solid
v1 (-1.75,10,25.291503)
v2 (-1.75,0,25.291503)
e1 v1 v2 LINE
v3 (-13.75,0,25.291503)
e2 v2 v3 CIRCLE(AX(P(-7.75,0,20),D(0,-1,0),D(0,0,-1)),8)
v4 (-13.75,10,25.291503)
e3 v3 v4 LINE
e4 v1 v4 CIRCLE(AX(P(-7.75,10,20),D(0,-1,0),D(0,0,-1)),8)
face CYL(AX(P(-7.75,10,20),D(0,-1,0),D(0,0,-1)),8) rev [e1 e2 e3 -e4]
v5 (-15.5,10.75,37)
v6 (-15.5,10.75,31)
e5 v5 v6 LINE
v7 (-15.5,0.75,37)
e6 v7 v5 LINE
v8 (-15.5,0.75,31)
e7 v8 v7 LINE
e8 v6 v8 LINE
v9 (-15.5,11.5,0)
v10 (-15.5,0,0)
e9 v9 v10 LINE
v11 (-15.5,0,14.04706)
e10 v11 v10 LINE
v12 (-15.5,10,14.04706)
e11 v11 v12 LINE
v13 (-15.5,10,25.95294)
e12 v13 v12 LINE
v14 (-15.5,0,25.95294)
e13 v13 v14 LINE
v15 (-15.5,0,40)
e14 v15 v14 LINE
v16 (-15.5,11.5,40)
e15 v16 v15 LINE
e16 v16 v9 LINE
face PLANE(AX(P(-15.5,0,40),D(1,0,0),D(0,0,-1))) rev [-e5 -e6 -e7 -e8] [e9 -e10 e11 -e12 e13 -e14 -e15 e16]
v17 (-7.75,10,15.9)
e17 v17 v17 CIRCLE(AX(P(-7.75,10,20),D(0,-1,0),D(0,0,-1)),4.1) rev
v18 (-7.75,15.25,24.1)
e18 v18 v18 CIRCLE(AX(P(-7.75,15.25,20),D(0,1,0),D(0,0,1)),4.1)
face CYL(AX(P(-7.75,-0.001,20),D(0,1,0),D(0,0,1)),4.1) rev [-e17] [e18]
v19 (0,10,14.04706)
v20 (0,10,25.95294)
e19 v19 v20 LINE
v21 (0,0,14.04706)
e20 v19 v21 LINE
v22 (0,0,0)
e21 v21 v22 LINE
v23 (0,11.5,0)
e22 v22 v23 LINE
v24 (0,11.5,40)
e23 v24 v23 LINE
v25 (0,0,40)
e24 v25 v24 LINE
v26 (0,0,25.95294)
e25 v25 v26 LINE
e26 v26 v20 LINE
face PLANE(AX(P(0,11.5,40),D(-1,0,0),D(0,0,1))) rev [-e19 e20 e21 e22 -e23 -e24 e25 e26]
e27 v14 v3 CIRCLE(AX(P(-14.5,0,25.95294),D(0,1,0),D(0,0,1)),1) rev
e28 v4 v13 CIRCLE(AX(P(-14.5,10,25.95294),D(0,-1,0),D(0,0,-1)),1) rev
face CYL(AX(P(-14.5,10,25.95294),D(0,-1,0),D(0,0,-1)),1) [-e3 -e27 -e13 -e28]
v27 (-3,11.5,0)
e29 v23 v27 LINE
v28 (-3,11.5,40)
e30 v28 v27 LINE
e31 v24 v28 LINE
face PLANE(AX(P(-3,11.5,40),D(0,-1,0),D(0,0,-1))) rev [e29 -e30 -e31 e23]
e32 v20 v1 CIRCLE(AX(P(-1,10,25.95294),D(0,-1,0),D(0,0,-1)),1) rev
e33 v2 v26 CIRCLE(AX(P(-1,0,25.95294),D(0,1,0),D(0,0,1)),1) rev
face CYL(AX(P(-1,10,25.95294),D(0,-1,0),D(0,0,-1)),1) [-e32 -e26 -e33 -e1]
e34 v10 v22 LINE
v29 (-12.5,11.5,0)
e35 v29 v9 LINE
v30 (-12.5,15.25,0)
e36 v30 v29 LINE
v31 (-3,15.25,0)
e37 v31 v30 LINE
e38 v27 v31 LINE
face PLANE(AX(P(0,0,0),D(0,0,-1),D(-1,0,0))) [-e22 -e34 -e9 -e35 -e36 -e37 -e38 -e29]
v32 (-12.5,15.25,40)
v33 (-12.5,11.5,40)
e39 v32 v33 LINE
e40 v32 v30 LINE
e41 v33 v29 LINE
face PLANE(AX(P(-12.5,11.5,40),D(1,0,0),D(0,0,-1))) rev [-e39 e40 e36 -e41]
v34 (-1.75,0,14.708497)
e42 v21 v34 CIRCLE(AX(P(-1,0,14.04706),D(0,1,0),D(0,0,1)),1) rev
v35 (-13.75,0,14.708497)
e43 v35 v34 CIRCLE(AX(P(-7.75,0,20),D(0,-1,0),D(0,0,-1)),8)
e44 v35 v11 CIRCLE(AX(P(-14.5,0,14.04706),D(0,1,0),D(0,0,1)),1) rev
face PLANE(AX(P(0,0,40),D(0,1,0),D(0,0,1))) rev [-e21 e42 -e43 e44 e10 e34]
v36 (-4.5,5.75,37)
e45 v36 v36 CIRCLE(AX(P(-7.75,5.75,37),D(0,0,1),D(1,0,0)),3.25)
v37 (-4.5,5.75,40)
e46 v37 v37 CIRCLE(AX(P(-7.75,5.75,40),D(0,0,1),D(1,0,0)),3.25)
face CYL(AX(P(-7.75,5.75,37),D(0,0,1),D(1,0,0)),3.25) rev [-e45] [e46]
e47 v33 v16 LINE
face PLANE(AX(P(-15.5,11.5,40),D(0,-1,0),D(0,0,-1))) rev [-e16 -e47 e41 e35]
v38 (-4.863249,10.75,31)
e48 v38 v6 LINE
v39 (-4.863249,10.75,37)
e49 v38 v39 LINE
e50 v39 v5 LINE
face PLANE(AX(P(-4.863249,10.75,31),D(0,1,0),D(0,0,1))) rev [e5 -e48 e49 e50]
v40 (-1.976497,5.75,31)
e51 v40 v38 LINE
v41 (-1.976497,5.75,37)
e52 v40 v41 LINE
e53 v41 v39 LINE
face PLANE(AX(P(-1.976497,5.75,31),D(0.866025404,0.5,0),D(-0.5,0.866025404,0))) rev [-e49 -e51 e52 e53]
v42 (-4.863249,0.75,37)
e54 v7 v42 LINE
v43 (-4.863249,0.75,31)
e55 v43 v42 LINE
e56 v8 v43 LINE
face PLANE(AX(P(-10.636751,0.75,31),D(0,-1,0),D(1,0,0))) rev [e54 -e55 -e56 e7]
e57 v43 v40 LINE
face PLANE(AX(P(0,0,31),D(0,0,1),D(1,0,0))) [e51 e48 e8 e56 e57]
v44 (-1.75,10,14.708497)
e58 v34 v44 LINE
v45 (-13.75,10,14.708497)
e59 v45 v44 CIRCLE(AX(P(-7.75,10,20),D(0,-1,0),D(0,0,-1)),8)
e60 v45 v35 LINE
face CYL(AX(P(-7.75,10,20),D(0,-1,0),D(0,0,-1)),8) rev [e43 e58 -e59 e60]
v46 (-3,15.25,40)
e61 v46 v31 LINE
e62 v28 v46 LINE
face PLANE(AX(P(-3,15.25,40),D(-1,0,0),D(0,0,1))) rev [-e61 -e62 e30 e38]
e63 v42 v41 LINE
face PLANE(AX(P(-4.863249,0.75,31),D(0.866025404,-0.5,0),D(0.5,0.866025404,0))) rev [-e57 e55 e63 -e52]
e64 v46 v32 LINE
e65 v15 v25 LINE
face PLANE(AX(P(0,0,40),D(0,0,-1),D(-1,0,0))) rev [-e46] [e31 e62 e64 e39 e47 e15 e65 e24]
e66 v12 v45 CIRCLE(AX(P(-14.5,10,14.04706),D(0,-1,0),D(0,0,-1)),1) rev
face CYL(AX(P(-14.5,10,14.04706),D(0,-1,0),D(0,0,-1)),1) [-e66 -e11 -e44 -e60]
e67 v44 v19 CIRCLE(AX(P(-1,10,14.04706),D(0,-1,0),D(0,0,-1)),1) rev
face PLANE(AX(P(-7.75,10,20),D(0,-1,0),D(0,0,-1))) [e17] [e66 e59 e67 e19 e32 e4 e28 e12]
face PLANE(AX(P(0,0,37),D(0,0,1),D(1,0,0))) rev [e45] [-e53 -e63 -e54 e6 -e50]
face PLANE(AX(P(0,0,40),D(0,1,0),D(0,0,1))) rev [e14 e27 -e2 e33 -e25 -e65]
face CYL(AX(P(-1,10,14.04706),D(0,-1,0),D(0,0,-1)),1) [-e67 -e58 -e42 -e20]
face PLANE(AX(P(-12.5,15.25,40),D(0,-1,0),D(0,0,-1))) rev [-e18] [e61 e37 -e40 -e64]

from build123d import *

# Parameters (mm, degrees)
BOSS_EXTRUDE1_DEPTH = 40
CUT_EXTRUDE1_REACH  = 17.25
SKETCH2_R           = 4.1
SKETCH3_R           = 8
CUT_EXTRUDE2_DEPTH  = 10
FILLET1_R           = 1
CUT_EXTRUDE3_DEPTH  = 6
CUT_EXTRUDE4_REACH  = 17.5
SKETCH6_W           = 10
SKETCH6_H           = 6
SKETCH4_R           = 3.25
CUT_EXTRUDE5_DEPTH  = 3


with BuildPart() as part:
    # Sketch1 → Boss-Extrude1 (new body)
    with BuildSketch(Plane(origin=(0, 0, 0), x_dir=(0, 1, 0), z_dir=(0, 0, 1))):
        Polygon((0, 0), (0, 15.5), (11.5, 15.5), (11.5, 12.5), (15.25, 12.5), (15.25, 3), (11.5, 3), (11.5, 0), align=None)
    extrude(amount=BOSS_EXTRUDE1_DEPTH)

    # Sketch2 → Cut-Extrude1 (cut, up to next)
    with BuildSketch(Plane(origin=(0, 15.25, 0), x_dir=(-1, 0, 0), z_dir=(0, 1, 0)), mode=Mode.PRIVATE) as cut_extrude1_sk1:
        with Locations((7.75, 20)):
            Circle(SKETCH2_R)
    cut_extrude1_tool1 = extrude(cut_extrude1_sk1.sketch, amount=-CUT_EXTRUDE1_REACH, mode=Mode.PRIVATE) & part.part
    add(cut_extrude1_tool1.solids().sort_by_distance((-7.75, 15.25, 20))[0], mode=Mode.SUBTRACT)

    # Sketch3 → Cut-Extrude2 (cut)
    with BuildSketch(Plane.XZ):
        with Locations((-7.75, 20)):
            Circle(SKETCH3_R)
    extrude(amount=-CUT_EXTRUDE2_DEPTH, mode=Mode.SUBTRACT)

    # Fillet1
    fillet1_edges = [part.edges().sort_by_distance(p)[0] for p in [
        (0, 5, 18.015686517),
        (-15.5, 5, 18.015686517),
        (0, 5, 21.984313483),
        (-15.5, 5, 21.984313483),
    ]]
    fillet(fillet1_edges, radius=FILLET1_R)

    # Sketch5 → Cut-Extrude3 (cut)
    with BuildSketch(Plane.XY.offset(37)):
        Polygon((-1.976497308, 5.75), (-4.863248654, 10.75), (-10.636751346, 10.75), (-13.523502692, 5.75), (-10.636751346, 0.75), (-4.863248654, 0.75), align=None)
    extrude(amount=-CUT_EXTRUDE3_DEPTH, mode=Mode.SUBTRACT)

    # Sketch6 → Cut-Extrude4 (cut, up to next)
    with BuildSketch(Plane(origin=(-15.5, 0, 0), x_dir=(0, -1, 0), z_dir=(-1, 0, 0)), mode=Mode.PRIVATE) as cut_extrude4_sk1:
        with Locations((-5.75, 34)):
            Rectangle(SKETCH6_W, SKETCH6_H)
    cut_extrude4_tool1 = extrude(cut_extrude4_sk1.sketch, amount=-CUT_EXTRUDE4_REACH, mode=Mode.PRIVATE) & part.part
    add(cut_extrude4_tool1.solids().sort_by_distance((-15.5, 5.75, 34))[0], mode=Mode.SUBTRACT)

    # Sketch4 → Cut-Extrude5 (cut)
    with BuildSketch(Plane.XY.offset(40)):
        with Locations((-7.75, 5.75)):
            Circle(SKETCH4_R)
    extrude(amount=-CUT_EXTRUDE5_DEPTH, mode=Mode.SUBTRACT)


solid = part.part
